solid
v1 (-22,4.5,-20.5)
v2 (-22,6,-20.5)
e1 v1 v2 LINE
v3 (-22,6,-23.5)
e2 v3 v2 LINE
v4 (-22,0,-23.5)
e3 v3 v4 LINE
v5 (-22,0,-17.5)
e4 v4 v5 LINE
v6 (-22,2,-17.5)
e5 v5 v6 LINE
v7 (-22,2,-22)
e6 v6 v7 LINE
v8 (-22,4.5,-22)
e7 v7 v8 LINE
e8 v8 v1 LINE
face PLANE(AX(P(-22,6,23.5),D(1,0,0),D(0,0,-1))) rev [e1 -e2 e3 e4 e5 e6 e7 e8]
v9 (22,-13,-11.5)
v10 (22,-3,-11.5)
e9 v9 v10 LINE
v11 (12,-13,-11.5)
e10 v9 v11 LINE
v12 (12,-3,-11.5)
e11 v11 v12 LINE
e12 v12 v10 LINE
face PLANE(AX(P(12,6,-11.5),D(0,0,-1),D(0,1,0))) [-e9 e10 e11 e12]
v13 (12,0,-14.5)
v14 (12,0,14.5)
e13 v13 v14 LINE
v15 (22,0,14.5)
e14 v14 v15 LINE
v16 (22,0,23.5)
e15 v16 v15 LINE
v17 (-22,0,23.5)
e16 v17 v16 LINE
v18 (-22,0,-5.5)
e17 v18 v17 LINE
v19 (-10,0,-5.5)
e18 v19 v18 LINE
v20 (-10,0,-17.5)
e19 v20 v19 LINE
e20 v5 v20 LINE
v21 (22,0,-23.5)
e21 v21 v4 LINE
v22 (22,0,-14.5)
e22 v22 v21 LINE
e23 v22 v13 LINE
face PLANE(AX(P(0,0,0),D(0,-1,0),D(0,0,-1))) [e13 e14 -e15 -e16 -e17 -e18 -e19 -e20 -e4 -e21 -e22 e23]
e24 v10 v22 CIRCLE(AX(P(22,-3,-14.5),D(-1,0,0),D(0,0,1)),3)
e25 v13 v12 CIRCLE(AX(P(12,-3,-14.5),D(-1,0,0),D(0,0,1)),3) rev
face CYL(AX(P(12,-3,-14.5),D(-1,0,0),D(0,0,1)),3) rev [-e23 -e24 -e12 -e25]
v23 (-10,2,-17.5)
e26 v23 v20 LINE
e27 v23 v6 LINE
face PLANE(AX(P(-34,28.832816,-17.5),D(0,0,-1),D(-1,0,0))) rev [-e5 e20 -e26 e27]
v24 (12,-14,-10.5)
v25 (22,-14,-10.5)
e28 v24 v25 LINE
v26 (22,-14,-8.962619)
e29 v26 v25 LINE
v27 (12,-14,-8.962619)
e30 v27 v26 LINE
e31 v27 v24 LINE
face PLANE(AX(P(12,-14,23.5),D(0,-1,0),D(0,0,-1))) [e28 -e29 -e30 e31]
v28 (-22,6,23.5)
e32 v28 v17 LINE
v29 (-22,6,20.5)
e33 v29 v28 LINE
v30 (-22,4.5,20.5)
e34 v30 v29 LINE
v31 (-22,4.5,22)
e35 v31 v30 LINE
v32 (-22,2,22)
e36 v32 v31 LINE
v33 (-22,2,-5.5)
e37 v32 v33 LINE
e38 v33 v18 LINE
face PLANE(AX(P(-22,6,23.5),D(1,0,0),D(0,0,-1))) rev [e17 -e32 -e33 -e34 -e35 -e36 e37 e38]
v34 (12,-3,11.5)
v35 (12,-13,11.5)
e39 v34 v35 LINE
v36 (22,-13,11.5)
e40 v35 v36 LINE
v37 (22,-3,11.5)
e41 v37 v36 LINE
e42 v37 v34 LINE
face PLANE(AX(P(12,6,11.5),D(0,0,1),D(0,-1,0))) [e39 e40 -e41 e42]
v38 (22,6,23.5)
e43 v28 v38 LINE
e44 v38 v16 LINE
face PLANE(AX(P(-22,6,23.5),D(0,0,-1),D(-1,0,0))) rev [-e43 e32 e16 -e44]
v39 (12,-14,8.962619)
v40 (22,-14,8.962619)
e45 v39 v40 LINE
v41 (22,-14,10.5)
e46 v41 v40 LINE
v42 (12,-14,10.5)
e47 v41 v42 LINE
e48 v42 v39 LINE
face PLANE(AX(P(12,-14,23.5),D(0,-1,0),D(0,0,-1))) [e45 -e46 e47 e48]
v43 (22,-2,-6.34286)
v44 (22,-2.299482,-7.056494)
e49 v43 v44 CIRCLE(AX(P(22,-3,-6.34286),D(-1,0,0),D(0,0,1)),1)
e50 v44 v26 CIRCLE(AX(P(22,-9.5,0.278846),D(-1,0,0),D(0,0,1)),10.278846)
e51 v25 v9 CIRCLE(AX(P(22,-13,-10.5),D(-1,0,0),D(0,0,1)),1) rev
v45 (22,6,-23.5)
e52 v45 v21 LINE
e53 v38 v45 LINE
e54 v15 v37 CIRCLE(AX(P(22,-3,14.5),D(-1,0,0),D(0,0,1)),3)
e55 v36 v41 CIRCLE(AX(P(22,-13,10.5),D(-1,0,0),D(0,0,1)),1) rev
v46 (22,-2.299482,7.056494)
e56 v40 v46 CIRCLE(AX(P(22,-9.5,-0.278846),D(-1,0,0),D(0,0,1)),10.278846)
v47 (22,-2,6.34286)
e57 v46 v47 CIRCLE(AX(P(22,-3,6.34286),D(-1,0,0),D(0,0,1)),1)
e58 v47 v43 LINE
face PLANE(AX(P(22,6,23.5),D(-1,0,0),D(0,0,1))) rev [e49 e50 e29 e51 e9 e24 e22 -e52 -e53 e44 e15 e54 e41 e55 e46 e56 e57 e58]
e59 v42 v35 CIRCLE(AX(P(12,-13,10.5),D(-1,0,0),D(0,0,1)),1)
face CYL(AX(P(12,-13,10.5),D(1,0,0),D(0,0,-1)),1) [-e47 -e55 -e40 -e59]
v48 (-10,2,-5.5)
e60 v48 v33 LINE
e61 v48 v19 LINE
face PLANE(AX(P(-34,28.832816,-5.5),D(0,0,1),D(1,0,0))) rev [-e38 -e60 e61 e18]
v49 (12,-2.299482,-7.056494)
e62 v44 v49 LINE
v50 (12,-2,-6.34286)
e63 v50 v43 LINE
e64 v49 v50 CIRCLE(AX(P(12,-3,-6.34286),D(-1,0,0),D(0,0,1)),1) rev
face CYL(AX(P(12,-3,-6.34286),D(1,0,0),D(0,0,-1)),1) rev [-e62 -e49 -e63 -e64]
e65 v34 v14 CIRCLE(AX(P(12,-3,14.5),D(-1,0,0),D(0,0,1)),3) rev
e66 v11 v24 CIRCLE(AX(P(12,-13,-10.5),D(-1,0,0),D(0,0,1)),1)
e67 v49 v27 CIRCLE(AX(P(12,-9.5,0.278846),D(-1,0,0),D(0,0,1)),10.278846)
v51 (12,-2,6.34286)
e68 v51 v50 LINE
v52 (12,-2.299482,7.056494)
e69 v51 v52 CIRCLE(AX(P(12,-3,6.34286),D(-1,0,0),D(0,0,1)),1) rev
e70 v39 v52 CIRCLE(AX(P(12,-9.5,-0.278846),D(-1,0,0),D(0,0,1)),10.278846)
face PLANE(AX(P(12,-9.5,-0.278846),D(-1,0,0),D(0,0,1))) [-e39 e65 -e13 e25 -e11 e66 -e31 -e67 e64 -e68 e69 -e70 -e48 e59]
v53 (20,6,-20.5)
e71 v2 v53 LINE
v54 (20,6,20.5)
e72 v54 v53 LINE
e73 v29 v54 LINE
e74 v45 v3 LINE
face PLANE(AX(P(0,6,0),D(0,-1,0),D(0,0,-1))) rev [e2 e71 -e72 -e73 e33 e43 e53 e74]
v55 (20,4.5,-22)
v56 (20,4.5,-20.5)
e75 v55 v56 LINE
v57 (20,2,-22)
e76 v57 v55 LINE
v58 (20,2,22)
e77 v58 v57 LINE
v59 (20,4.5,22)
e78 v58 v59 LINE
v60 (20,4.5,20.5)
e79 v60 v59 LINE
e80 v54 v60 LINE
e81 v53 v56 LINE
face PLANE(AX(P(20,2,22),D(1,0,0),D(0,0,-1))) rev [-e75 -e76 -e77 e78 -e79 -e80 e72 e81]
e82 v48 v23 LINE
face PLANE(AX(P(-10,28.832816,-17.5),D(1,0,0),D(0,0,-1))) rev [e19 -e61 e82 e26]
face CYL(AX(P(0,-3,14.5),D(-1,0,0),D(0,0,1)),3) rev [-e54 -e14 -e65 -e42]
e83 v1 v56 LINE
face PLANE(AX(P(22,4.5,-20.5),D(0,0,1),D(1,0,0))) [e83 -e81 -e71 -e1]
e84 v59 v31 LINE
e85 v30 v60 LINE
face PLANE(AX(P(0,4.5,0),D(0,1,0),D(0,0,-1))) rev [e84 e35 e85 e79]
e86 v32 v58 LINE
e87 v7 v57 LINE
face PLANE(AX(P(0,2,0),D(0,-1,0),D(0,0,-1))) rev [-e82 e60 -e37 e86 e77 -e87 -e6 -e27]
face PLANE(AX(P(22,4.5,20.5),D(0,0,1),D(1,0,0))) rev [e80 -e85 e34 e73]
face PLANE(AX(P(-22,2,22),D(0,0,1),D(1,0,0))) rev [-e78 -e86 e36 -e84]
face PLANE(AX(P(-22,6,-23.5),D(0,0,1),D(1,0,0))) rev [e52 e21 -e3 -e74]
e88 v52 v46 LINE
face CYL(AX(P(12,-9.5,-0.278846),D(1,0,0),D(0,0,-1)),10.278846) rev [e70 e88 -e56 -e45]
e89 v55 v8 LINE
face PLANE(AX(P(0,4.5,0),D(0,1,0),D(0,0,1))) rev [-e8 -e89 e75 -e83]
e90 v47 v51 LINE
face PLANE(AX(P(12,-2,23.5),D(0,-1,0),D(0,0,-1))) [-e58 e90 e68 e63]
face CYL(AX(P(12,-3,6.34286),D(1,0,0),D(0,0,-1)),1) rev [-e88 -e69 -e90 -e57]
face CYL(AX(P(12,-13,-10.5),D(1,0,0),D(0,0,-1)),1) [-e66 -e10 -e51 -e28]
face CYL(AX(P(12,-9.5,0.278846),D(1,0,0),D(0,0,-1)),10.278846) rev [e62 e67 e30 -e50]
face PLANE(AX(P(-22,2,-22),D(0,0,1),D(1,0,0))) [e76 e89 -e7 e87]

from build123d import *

# Parameters (mm, degrees)
SKETCH3_W           = 44
SKETCH3_H           = 47
BOSS_EXTRUDE1_DEPTH = 6
SKETCH4_W           = 42
SKETCH4_H           = 44
CUT_EXTRUDE1_DEPTH  = 4
SKETCH5_W           = 44
SKETCH5_H           = 3
BOSS_EXTRUDE2_DEPTH = 1.5
SKETCH6_W           = 24
SKETCH6_H           = 12
CUT_EXTRUDE2_DEPTH  = 2
BOSS_EXTRUDE3_START = 22
BOSS_EXTRUDE3_DEPTH = 10
FILLET1_R           = 3
FILLET2_R           = 1


with BuildPart() as part:
    # Sketch3 → Boss-Extrude1 (new body)
    with BuildSketch(Plane(origin=(0, 0, 0), x_dir=(1, 0, 0), z_dir=(0, 1, 0))):
        Rectangle(SKETCH3_W, SKETCH3_H)
    extrude(amount=BOSS_EXTRUDE1_DEPTH)

    # Sketch4 → Cut-Extrude1 (cut)
    with BuildSketch(Plane(origin=(0, 6, 0), x_dir=(1, 0, 0), z_dir=(0, 1, 0))):
        with Locations((-1, 0)):
            Rectangle(SKETCH4_W, SKETCH4_H)
    extrude(amount=-CUT_EXTRUDE1_DEPTH, mode=Mode.SUBTRACT)

    # Sketch5 → Boss-Extrude2 (add)
    with BuildSketch(Plane(origin=(0, 6, 0), x_dir=(1, 0, 0), z_dir=(0, 1, 0))):
        with Locations((0, 22)):
            Rectangle(SKETCH5_W, SKETCH5_H)
    boss_extrude2 = extrude(amount=-BOSS_EXTRUDE2_DEPTH)

    # Mirror1: Boss-Extrude2 across plane
    add(boss_extrude2.mirror(Plane.XY))

    # Sketch6 → Cut-Extrude2 (cut)
    with BuildSketch(Plane.XZ):
        with Locations((-22, -11.5)):
            Rectangle(SKETCH6_W, SKETCH6_H)
    extrude(amount=-CUT_EXTRUDE2_DEPTH, mode=Mode.SUBTRACT)

    # Sketch7 → Boss-Extrude3 (add)
    with BuildSketch(Plane(origin=(0, 0, 0), x_dir=(0, 0, -1), z_dir=(1, 0, 0)).offset(BOSS_EXTRUDE3_START)):
        with BuildLine():
            Line((-6.75, -2), (6.75, -2))
            ThreePointArc((6.75, -2), (9.829603655, -7.636154321), (8.962619003, -14))
            Line((8.962619003, -14), (11.5, -14))
            Line((11.5, -14), (11.5, 0))
            Line((11.5, 0), (-11.5, 0))
            Line((-11.5, 0), (-11.5, -14))
            Line((-11.5, -14), (-8.962619003, -14))
            ThreePointArc((-8.962619003, -14), (-9.829603655, -7.636154321), (-6.75, -2))
        make_face()
    extrude(amount=-BOSS_EXTRUDE3_DEPTH)

    # Fillet1
    fillet1_edges = [part.edges().sort_by_distance(p)[0] for p in [
        (17, 0, 11.5),
        (17, 0, -11.5),
    ]]
    fillet(fillet1_edges, radius=FILLET1_R)

    # Fillet2
    fillet2_edges = [part.edges().sort_by_distance(p)[0] for p in [
        (17, -2, 6.75),
        (17, -14, 11.5),
        (17, -14, -11.5),
        (17, -2, -6.75),
    ]]
    fillet(fillet2_edges, radius=FILLET2_R)


solid = part.part
